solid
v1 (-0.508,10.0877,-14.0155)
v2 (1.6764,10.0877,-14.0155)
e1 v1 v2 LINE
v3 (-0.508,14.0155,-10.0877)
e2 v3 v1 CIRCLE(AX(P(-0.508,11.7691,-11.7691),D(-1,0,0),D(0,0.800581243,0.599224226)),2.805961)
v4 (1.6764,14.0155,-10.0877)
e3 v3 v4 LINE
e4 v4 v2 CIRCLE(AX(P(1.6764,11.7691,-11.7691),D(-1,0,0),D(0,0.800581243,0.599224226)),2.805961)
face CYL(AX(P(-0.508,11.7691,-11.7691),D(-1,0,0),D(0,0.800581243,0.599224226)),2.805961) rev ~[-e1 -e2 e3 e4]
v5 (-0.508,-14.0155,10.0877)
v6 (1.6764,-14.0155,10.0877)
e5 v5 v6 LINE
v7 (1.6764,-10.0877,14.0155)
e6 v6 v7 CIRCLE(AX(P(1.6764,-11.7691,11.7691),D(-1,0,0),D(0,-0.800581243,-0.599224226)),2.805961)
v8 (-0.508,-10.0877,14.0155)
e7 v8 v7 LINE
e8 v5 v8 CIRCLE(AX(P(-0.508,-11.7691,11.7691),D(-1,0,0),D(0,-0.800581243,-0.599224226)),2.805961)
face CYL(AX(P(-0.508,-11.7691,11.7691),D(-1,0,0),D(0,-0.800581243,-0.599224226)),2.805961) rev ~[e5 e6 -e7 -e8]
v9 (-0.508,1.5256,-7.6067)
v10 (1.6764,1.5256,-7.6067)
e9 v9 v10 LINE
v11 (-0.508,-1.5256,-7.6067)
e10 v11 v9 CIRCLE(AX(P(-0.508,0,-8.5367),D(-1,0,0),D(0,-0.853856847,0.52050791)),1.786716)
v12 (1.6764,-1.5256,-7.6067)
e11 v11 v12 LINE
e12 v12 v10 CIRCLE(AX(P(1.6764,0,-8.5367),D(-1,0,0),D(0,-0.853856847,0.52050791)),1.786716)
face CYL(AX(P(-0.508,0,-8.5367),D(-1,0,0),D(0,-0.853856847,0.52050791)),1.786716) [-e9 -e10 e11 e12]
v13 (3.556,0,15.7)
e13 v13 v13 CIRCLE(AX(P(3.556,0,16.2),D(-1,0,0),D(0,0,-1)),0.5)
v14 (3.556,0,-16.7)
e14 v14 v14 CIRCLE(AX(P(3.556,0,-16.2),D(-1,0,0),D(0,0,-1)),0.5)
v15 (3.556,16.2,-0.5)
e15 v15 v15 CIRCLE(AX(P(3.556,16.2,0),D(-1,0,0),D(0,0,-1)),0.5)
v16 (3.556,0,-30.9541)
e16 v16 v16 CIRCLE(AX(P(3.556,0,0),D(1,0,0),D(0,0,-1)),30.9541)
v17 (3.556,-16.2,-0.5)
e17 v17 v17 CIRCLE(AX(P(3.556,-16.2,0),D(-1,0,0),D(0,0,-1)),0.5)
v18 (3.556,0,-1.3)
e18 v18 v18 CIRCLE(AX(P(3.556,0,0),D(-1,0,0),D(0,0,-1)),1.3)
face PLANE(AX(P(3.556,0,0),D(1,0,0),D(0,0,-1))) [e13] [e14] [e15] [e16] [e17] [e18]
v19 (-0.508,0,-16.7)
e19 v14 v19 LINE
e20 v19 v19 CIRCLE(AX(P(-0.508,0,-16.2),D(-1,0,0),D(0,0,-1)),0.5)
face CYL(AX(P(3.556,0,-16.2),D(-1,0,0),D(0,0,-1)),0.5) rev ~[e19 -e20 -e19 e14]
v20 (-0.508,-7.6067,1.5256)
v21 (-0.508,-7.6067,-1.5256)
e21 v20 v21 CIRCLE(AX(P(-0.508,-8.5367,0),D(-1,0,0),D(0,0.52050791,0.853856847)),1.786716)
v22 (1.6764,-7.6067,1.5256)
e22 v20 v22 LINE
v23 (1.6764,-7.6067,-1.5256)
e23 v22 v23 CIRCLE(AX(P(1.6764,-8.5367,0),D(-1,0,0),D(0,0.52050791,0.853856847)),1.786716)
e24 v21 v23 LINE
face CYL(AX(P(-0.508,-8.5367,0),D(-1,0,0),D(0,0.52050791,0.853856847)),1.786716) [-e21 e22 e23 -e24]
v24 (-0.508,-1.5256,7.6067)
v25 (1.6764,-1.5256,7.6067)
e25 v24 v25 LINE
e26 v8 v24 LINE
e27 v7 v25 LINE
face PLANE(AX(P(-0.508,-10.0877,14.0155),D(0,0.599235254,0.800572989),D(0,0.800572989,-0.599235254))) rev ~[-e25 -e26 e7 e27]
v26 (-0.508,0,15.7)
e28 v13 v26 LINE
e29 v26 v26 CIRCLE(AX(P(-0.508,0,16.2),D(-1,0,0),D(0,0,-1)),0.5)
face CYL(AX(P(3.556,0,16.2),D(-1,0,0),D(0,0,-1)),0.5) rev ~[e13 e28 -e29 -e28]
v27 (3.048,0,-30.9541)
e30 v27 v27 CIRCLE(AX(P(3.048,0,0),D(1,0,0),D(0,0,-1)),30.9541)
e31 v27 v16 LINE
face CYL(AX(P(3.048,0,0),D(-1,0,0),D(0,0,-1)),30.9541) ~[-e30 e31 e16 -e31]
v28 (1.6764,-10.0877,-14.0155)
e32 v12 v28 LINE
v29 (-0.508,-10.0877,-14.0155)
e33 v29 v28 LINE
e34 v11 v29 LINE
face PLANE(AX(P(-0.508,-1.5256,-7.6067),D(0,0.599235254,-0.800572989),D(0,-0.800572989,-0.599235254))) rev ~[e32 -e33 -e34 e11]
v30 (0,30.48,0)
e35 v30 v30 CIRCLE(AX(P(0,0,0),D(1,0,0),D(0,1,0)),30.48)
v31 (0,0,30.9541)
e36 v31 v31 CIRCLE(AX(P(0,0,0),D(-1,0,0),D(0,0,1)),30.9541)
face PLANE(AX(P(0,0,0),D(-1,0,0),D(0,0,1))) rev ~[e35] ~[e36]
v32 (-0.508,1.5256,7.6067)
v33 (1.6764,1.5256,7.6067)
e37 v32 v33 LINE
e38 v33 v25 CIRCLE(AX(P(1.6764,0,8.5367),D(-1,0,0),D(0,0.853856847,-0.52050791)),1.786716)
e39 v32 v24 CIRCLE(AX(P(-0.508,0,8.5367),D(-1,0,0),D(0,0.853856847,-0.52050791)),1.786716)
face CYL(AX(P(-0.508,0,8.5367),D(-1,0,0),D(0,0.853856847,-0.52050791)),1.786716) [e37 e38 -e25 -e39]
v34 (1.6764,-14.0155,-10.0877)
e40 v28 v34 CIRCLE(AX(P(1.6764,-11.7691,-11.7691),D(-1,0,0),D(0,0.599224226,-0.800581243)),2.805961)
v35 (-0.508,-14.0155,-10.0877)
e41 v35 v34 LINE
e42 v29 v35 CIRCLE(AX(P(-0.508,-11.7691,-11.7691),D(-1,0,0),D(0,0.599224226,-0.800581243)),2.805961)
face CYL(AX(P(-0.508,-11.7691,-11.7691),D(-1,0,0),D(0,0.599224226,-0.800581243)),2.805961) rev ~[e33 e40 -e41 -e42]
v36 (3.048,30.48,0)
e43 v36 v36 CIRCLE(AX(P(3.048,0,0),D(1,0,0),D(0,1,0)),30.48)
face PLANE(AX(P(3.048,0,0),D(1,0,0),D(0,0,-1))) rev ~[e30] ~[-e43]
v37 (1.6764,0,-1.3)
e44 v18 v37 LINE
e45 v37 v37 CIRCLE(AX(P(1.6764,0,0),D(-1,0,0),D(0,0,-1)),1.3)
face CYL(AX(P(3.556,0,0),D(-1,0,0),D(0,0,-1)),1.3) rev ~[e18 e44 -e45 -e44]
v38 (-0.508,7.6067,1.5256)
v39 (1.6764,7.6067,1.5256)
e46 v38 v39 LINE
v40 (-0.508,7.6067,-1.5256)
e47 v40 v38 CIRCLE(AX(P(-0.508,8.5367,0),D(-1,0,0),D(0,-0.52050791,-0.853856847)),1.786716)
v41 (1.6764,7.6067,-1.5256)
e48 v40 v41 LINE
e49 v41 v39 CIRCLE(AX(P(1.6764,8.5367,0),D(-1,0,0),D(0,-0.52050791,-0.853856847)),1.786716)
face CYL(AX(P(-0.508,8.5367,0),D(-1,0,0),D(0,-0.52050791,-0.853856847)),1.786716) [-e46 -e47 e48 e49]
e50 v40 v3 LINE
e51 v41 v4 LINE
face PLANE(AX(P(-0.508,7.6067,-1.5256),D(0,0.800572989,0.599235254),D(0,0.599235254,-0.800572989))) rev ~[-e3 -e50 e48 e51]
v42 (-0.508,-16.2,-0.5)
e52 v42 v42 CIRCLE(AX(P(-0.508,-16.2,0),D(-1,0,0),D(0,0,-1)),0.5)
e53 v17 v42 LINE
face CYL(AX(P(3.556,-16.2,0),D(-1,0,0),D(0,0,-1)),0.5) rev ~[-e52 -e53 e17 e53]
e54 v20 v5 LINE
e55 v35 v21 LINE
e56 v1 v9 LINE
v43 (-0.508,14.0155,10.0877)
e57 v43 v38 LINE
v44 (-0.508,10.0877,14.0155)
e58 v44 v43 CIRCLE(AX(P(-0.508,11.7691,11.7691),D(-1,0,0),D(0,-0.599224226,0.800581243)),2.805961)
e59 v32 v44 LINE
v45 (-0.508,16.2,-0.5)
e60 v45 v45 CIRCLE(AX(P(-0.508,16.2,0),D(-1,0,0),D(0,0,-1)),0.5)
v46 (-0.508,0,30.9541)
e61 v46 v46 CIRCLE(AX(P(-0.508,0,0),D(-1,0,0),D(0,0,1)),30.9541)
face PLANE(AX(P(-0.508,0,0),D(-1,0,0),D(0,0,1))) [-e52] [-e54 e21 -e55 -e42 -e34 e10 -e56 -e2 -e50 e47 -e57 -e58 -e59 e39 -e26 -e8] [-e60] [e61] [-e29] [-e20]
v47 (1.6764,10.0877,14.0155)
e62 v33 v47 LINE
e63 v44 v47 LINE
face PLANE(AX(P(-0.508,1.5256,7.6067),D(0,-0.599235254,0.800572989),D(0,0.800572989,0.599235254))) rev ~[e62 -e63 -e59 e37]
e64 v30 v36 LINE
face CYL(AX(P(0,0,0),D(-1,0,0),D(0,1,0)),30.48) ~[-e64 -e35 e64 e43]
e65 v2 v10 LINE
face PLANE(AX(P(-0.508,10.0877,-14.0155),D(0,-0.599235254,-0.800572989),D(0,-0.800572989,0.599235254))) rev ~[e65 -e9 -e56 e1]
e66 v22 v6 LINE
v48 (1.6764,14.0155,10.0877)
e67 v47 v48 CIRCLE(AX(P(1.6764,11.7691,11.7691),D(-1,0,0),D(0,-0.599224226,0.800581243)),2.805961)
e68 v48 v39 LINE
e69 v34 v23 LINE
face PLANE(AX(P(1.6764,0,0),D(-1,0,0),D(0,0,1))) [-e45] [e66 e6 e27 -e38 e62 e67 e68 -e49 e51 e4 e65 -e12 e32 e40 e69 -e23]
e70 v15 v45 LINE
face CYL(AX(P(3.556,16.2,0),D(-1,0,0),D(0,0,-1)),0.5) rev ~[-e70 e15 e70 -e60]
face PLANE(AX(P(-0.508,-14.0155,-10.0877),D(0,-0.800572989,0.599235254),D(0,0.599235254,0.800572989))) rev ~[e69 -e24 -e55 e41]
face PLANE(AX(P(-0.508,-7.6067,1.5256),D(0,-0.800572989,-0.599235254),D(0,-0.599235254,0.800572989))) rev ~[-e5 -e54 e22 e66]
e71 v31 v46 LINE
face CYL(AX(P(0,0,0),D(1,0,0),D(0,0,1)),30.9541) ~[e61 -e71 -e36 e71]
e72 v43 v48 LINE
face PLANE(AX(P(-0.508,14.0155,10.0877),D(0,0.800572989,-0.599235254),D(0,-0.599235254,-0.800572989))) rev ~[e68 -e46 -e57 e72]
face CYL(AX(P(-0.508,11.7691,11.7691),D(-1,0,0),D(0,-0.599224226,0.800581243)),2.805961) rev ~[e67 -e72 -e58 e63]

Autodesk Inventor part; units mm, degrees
ref_plane "YZ Plane" through (0, 0, 0) normal (1, 0, 0) x (0, 1, 0)
ref_plane "XZ Plane" through (0, 0, 0) normal (0, 1, 0) x (-1, 0, 0)
ref_plane "XY Plane" through (0, 0, 0) normal (0, 0, 1) x (1, 0, 0)
sketch "Sketch1" plane through (0, 0, 0) normal (1, 0, 0) x (0, 1, 0)
  circle A0 centre (0, 0) radius 30.48
  dimension "d0" = 60.96
extrude "Extrusion1" add sketch "Sketch1" along normal blind 3.048
sketch "Sketch2" plane through (3.048, 0, 0) normal (1, 0, 0) x (0, 0, -1)
  circle A0 centre (0, 0) radius 30.9541
extrude "Extrusion2" add sketch "Sketch2" along normal blind 0.508
sketch "Sketch3" plane through (0, 0, 0) normal (-1, 0, 0) x (0, 0, 1)
  circle A0 centre (0, 0) radius 30.9541
extrude "Extrusion3" add sketch "Sketch3" along normal blind 0.508
sketch "Sketch4" plane through (3.556, 0, 0) normal (1, 0, 0) x (0, 0, -1)
  circle A0 centre (0, 0) radius 1.3
  dimension "d7" = 2.6
hole "Hole1" at (3.556, 0, 0) direction (-1, 0, 0) diameter 2.6 end through all
sketch "Sketch5" plane through (3.556, 0, 0) normal (1, 0, 0) x (0, 0, -1)
  circle A0 centre (0, 0) radius 1.3 projected
  circle A1 centre (-16.2, 0) radius 0.5
  circle A2 centre (0, 16.2) radius 0.5
  circle A3 centre (16.2, 0) radius 0.5
  circle A4 centre (0, -16.2) radius 0.5
  dimension "d19" = 1
  dimension "d20" = 1
  dimension "d21" = 1
  dimension "d22" = 1
hole "Hole2" at (3.556, 16.2, 0) at (3.556, -16.2, 0) at (3.556, 0, -16.2) at (3.556, 0, 16.2) direction (-1, 0, 0) diameter 1 end through all
sketch "Sketch6" plane through (-0.508, 0, 0) normal (-1, 0, 0) x (0, 0, 1)
  arc A0 (1.5256, -7.6067) -> (-1.5256, -7.6067) centre (0, -8.5367) ccw
  line L0 (1.5256, -7.6067) -> (10.0877, -14.0155)
  arc A1 (10.0877, -14.0155) -> (14.0155, -10.0877) centre (11.7691, -11.7691) ccw
  line L1 (14.0155, -10.0877) -> (7.6067, -1.5256)
  arc A2 (7.6067, 1.5256) -> (7.6067, -1.5256) centre (8.5367, 0) ccw
  line L2 (7.6067, 1.5256) -> (14.0155, 10.0877)
  arc A3 (14.0155, 10.0877) -> (10.0877, 14.0155) centre (11.7691, 11.7691) ccw
  line L3 (10.0877, 14.0155) -> (1.5256, 7.6067)
  arc A4 (-1.5256, 7.6067) -> (1.5256, 7.6067) centre (0, 8.5367) ccw
  line L4 (-1.5256, 7.6067) -> (-10.0877, 14.0155)
  arc A5 (-10.0877, 14.0155) -> (-14.0155, 10.0877) centre (-11.7691, 11.7691) ccw
  line L5 (-14.0155, 10.0877) -> (-7.6067, 1.5256)
  arc A6 (-7.6067, -1.5256) -> (-7.6067, 1.5256) centre (-8.5367, 0) ccw
  line L6 (-7.6067, -1.5256) -> (-14.0155, -10.0877)
  arc A7 (-14.0155, -10.0877) -> (-10.0877, -14.0155) centre (-11.7691, -11.7691) ccw
  line L7 (-10.0877, -14.0155) -> (-1.5256, -7.6067)
  circle A8 centre (12.339, -12.339) radius 0.75
  circle A9 centre (9.8641, -9.8641) radius 0.75
  circle A10 centre (7.3893, -7.3893) radius 0.75
  circle A11 centre (4.9144, -4.9144) radius 0.75
  circle A12 centre (12.339, 12.339) radius 0.75
  circle A13 centre (9.8641, 9.8641) radius 0.75
  circle A14 centre (7.3893, 7.3893) radius 0.75
  circle A15 centre (4.9144, 4.9144) radius 0.75
  circle A16 centre (-12.339, 12.339) radius 0.75
  circle A17 centre (-9.8641, 9.8641) radius 0.75
  circle A18 centre (-7.3893, 7.3893) radius 0.75
  circle A19 centre (-4.9144, 4.9144) radius 0.75
  circle A20 centre (-12.339, -12.339) radius 0.75
  circle A21 centre (-9.8641, -9.8641) radius 0.75
  circle A22 centre (-7.3893, -7.3893) radius 0.75
  circle A23 centre (-4.9144, -4.9144) radius 0.75
  circle A24 centre (0, 0) radius 3.6
  point P0 (0, 0)
extrude "Extrusion4" cut sketch "Sketch6" against normal blind 2.1844 contours A0 L7 A7 L6 A6 L5 A5 L4 A4 L3 A3 L2 A2 L1 A1 L0 | A8 | A9 | A10 | A11 | A12 | A13 | A14 | A15 | A16 | A17 | A18 | A19 | A20 | A21 | A22 | A23 | A24
properties part number "Wheel"
